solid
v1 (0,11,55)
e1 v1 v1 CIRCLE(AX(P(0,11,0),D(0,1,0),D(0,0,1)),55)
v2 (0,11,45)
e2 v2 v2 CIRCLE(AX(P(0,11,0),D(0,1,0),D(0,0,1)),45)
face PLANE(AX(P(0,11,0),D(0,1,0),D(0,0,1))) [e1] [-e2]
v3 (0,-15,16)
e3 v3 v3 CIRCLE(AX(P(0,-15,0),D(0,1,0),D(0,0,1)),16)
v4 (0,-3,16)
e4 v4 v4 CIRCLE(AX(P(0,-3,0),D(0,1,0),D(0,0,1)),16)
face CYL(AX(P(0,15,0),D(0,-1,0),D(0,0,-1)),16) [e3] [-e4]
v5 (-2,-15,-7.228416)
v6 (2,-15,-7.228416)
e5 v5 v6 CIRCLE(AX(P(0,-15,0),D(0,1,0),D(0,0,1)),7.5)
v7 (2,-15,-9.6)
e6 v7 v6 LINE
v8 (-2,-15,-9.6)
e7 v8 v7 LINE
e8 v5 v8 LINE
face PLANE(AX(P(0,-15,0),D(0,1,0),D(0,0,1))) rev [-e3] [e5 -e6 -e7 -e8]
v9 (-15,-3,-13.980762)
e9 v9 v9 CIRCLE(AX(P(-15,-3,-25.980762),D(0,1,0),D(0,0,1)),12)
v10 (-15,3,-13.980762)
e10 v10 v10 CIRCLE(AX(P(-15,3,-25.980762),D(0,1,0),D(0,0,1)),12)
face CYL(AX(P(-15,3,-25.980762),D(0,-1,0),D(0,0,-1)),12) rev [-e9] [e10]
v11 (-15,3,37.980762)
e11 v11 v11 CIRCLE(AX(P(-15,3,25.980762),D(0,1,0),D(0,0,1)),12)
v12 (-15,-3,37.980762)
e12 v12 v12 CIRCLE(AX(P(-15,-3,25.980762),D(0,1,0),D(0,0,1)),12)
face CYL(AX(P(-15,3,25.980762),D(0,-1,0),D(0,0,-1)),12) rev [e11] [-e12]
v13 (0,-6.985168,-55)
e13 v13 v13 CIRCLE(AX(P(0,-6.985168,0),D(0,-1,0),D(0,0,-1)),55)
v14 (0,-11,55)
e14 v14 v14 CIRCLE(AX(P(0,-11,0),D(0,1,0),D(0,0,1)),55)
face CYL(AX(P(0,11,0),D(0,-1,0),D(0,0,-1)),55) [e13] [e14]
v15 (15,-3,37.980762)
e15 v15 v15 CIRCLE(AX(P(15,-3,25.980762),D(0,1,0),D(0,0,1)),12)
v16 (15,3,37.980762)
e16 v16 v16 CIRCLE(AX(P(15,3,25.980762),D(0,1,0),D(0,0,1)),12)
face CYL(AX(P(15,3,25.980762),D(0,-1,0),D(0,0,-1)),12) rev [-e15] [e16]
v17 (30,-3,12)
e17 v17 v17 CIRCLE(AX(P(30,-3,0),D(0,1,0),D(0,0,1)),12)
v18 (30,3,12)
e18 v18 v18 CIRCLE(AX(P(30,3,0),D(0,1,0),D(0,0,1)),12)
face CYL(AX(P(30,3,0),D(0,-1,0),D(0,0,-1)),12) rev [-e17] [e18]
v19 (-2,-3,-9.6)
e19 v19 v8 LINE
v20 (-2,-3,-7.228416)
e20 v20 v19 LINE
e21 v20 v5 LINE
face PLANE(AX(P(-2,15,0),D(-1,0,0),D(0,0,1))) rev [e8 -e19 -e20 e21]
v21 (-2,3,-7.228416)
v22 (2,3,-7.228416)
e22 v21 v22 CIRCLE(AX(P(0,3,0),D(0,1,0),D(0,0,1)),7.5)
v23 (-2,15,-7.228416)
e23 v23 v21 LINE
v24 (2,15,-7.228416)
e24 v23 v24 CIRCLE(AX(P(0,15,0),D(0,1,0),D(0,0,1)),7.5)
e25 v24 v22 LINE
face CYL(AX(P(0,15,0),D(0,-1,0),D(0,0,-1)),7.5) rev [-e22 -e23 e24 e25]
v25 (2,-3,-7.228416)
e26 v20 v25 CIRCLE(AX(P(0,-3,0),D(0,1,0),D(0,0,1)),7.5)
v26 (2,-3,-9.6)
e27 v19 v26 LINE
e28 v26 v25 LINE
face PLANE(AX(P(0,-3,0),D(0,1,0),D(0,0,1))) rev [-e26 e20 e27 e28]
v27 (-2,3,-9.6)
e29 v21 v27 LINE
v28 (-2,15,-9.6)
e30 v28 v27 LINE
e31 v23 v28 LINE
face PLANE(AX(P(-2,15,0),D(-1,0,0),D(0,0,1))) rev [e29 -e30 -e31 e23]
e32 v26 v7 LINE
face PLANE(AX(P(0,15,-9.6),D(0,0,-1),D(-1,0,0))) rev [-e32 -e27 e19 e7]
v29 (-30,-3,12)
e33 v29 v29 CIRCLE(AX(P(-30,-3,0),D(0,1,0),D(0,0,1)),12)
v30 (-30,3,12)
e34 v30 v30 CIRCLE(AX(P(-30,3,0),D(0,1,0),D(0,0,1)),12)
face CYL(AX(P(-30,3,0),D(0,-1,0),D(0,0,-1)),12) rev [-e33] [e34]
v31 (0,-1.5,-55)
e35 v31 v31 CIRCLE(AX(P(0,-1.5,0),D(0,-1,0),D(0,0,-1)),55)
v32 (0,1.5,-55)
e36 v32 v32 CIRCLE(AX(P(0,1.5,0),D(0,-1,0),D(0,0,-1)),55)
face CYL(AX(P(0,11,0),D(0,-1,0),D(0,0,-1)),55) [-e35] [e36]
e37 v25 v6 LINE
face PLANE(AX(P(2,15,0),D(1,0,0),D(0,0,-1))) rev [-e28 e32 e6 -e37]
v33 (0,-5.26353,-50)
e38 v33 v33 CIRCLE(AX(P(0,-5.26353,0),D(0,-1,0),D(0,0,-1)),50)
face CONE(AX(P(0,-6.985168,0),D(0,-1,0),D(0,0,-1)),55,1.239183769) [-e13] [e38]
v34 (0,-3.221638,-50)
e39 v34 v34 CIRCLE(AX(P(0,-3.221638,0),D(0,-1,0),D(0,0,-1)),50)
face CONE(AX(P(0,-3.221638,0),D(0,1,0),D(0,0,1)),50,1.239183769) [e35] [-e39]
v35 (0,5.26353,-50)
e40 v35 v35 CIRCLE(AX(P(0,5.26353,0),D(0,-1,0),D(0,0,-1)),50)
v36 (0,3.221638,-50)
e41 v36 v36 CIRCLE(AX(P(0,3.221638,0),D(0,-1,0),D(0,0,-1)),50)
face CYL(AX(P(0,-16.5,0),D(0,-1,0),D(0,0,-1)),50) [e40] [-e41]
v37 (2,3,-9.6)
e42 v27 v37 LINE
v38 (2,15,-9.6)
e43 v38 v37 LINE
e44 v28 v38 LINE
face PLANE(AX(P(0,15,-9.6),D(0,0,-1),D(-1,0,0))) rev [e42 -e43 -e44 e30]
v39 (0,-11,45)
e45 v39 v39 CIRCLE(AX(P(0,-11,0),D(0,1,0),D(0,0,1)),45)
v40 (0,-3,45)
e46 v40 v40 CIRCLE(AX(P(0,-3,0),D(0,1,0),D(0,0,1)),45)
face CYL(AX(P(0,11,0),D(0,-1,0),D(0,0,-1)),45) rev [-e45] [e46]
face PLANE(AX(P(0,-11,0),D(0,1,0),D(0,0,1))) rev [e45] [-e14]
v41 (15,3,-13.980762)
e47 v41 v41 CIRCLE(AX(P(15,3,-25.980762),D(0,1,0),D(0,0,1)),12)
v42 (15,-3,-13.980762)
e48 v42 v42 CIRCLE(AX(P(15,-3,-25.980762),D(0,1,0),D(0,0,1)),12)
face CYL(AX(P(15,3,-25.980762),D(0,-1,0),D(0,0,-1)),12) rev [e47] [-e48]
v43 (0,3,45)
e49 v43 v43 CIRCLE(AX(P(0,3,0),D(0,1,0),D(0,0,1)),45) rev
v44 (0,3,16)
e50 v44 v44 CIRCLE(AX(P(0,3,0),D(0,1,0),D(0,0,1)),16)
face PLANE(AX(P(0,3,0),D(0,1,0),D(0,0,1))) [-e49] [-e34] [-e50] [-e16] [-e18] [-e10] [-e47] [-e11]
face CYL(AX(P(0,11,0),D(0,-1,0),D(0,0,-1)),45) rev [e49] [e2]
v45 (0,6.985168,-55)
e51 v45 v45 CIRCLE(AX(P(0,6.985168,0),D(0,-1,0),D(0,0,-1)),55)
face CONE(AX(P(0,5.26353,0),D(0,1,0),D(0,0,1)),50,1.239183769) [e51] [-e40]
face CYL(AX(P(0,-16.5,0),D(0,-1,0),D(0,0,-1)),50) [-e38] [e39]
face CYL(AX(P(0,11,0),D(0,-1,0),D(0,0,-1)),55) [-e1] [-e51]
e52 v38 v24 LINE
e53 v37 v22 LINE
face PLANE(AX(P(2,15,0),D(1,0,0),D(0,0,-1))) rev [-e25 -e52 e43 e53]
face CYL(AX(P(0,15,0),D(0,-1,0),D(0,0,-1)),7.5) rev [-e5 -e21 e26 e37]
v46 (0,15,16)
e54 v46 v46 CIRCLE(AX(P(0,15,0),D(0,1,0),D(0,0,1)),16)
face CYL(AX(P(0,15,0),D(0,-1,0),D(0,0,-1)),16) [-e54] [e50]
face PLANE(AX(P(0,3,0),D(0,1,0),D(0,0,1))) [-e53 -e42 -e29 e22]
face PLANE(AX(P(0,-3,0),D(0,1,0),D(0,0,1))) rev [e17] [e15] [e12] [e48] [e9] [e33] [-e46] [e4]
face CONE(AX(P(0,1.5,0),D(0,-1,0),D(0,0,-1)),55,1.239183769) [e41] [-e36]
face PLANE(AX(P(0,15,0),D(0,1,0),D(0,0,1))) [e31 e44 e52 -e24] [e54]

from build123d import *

# Parameters (mm, degrees)
SKETCH_1_R      = 16
EXTRUDE_1_DEPTH = 15
SKETCH_2_R      = 45
SKETCH_2_R_2    = 12
EXTRUDE_3_DEPTH = 3
SKETCH_3_R      = 55
SKETCH_3_R_2    = 45
EXTRUDE_4_DEPTH = 11


with BuildPart() as part:
    # 草图1 → 凸台-拉伸1 (new, symmetric)
    with BuildSketch(Plane(origin=(0, 0, 0), x_dir=(1, 0, 0), z_dir=(0, 1, 0))):
        with Locations(Location((0, 0, 0), (0, 0, 270))):
            Circle(SKETCH_1_R)
        with BuildLine():
            ThreePointArc((2, 7.228416147), (0, -7.5), (-2, 7.228416147))
            Line((-2, 7.228416147), (-2, 9.6))
            Line((-2, 9.6), (2, 9.6))
            Line((2, 9.6), (2, 7.228416147))
        make_face(mode=Mode.SUBTRACT)
    extrude(amount=EXTRUDE_1_DEPTH, both=True)

    # 草图2 → 凸台-拉伸3 (add, symmetric)
    with BuildSketch(Plane(origin=(0, 0, 0), x_dir=(1, 0, 0), z_dir=(0, 1, 0))):
        with Locations(Location((0, 0, 0), (0, 0, 270))):
            Circle(SKETCH_2_R)
        with Locations(Location((-30, 0, 0), (0, 0, 270))):
            Circle(SKETCH_2_R_2, mode=Mode.SUBTRACT)
        with Locations(Location((-15, 25.980762114, 0), (0, 0, 270))):
            Circle(SKETCH_2_R_2, mode=Mode.SUBTRACT)
        with Locations(Location((15, 25.980762114, 0), (0, 0, 270))):
            Circle(SKETCH_2_R_2, mode=Mode.SUBTRACT)
        with Locations(Location((30, 0, 0), (0, 0, 270))):
            Circle(SKETCH_2_R_2, mode=Mode.SUBTRACT)
        with Locations(Location((15, -25.980762114, 0), (0, 0, 270))):
            Circle(SKETCH_2_R_2, mode=Mode.SUBTRACT)
        with Locations(Location((-15, -25.980762114, 0), (0, 0, 270))):
            Circle(SKETCH_2_R_2, mode=Mode.SUBTRACT)
    extrude(amount=EXTRUDE_3_DEPTH, both=True)

    # 草图3 → 凸台-拉伸4 (add, symmetric)
    with BuildSketch(Plane(origin=(0, 0, 0), x_dir=(1, 0, 0), z_dir=(0, 1, 0))):
        with Locations(Location((0, 0, 0), (0, 0, 270))):
            Circle(SKETCH_3_R)
        with Locations(Location((0, 0, 0), (0, 0, 270))):
            Circle(SKETCH_3_R_2, mode=Mode.SUBTRACT)
    extrude(amount=EXTRUDE_4_DEPTH, both=True)

    # 草图4 → 切除-旋转1 (revolve, cut)
    with BuildSketch(Plane.XY, mode=Mode.PRIVATE) as cut_revolve_1_sk:
        Polygon((-55, 1.5), (-50, 3.221638066), (-50, 5.263530397), (-55, 6.985168464), align=None)
        Polygon((-55, -1.5), (-50, -3.221638066), (-50, -5.263530397), (-55, -6.985168464), align=None)
    revolve(cut_revolve_1_sk.sketch.rotate(Axis((0, -16.5, 0), (0, 1, 0)), 270), axis=Axis((0, -16.5, 0), (0, 1, 0)), mode=Mode.SUBTRACT)


solid = part.part
